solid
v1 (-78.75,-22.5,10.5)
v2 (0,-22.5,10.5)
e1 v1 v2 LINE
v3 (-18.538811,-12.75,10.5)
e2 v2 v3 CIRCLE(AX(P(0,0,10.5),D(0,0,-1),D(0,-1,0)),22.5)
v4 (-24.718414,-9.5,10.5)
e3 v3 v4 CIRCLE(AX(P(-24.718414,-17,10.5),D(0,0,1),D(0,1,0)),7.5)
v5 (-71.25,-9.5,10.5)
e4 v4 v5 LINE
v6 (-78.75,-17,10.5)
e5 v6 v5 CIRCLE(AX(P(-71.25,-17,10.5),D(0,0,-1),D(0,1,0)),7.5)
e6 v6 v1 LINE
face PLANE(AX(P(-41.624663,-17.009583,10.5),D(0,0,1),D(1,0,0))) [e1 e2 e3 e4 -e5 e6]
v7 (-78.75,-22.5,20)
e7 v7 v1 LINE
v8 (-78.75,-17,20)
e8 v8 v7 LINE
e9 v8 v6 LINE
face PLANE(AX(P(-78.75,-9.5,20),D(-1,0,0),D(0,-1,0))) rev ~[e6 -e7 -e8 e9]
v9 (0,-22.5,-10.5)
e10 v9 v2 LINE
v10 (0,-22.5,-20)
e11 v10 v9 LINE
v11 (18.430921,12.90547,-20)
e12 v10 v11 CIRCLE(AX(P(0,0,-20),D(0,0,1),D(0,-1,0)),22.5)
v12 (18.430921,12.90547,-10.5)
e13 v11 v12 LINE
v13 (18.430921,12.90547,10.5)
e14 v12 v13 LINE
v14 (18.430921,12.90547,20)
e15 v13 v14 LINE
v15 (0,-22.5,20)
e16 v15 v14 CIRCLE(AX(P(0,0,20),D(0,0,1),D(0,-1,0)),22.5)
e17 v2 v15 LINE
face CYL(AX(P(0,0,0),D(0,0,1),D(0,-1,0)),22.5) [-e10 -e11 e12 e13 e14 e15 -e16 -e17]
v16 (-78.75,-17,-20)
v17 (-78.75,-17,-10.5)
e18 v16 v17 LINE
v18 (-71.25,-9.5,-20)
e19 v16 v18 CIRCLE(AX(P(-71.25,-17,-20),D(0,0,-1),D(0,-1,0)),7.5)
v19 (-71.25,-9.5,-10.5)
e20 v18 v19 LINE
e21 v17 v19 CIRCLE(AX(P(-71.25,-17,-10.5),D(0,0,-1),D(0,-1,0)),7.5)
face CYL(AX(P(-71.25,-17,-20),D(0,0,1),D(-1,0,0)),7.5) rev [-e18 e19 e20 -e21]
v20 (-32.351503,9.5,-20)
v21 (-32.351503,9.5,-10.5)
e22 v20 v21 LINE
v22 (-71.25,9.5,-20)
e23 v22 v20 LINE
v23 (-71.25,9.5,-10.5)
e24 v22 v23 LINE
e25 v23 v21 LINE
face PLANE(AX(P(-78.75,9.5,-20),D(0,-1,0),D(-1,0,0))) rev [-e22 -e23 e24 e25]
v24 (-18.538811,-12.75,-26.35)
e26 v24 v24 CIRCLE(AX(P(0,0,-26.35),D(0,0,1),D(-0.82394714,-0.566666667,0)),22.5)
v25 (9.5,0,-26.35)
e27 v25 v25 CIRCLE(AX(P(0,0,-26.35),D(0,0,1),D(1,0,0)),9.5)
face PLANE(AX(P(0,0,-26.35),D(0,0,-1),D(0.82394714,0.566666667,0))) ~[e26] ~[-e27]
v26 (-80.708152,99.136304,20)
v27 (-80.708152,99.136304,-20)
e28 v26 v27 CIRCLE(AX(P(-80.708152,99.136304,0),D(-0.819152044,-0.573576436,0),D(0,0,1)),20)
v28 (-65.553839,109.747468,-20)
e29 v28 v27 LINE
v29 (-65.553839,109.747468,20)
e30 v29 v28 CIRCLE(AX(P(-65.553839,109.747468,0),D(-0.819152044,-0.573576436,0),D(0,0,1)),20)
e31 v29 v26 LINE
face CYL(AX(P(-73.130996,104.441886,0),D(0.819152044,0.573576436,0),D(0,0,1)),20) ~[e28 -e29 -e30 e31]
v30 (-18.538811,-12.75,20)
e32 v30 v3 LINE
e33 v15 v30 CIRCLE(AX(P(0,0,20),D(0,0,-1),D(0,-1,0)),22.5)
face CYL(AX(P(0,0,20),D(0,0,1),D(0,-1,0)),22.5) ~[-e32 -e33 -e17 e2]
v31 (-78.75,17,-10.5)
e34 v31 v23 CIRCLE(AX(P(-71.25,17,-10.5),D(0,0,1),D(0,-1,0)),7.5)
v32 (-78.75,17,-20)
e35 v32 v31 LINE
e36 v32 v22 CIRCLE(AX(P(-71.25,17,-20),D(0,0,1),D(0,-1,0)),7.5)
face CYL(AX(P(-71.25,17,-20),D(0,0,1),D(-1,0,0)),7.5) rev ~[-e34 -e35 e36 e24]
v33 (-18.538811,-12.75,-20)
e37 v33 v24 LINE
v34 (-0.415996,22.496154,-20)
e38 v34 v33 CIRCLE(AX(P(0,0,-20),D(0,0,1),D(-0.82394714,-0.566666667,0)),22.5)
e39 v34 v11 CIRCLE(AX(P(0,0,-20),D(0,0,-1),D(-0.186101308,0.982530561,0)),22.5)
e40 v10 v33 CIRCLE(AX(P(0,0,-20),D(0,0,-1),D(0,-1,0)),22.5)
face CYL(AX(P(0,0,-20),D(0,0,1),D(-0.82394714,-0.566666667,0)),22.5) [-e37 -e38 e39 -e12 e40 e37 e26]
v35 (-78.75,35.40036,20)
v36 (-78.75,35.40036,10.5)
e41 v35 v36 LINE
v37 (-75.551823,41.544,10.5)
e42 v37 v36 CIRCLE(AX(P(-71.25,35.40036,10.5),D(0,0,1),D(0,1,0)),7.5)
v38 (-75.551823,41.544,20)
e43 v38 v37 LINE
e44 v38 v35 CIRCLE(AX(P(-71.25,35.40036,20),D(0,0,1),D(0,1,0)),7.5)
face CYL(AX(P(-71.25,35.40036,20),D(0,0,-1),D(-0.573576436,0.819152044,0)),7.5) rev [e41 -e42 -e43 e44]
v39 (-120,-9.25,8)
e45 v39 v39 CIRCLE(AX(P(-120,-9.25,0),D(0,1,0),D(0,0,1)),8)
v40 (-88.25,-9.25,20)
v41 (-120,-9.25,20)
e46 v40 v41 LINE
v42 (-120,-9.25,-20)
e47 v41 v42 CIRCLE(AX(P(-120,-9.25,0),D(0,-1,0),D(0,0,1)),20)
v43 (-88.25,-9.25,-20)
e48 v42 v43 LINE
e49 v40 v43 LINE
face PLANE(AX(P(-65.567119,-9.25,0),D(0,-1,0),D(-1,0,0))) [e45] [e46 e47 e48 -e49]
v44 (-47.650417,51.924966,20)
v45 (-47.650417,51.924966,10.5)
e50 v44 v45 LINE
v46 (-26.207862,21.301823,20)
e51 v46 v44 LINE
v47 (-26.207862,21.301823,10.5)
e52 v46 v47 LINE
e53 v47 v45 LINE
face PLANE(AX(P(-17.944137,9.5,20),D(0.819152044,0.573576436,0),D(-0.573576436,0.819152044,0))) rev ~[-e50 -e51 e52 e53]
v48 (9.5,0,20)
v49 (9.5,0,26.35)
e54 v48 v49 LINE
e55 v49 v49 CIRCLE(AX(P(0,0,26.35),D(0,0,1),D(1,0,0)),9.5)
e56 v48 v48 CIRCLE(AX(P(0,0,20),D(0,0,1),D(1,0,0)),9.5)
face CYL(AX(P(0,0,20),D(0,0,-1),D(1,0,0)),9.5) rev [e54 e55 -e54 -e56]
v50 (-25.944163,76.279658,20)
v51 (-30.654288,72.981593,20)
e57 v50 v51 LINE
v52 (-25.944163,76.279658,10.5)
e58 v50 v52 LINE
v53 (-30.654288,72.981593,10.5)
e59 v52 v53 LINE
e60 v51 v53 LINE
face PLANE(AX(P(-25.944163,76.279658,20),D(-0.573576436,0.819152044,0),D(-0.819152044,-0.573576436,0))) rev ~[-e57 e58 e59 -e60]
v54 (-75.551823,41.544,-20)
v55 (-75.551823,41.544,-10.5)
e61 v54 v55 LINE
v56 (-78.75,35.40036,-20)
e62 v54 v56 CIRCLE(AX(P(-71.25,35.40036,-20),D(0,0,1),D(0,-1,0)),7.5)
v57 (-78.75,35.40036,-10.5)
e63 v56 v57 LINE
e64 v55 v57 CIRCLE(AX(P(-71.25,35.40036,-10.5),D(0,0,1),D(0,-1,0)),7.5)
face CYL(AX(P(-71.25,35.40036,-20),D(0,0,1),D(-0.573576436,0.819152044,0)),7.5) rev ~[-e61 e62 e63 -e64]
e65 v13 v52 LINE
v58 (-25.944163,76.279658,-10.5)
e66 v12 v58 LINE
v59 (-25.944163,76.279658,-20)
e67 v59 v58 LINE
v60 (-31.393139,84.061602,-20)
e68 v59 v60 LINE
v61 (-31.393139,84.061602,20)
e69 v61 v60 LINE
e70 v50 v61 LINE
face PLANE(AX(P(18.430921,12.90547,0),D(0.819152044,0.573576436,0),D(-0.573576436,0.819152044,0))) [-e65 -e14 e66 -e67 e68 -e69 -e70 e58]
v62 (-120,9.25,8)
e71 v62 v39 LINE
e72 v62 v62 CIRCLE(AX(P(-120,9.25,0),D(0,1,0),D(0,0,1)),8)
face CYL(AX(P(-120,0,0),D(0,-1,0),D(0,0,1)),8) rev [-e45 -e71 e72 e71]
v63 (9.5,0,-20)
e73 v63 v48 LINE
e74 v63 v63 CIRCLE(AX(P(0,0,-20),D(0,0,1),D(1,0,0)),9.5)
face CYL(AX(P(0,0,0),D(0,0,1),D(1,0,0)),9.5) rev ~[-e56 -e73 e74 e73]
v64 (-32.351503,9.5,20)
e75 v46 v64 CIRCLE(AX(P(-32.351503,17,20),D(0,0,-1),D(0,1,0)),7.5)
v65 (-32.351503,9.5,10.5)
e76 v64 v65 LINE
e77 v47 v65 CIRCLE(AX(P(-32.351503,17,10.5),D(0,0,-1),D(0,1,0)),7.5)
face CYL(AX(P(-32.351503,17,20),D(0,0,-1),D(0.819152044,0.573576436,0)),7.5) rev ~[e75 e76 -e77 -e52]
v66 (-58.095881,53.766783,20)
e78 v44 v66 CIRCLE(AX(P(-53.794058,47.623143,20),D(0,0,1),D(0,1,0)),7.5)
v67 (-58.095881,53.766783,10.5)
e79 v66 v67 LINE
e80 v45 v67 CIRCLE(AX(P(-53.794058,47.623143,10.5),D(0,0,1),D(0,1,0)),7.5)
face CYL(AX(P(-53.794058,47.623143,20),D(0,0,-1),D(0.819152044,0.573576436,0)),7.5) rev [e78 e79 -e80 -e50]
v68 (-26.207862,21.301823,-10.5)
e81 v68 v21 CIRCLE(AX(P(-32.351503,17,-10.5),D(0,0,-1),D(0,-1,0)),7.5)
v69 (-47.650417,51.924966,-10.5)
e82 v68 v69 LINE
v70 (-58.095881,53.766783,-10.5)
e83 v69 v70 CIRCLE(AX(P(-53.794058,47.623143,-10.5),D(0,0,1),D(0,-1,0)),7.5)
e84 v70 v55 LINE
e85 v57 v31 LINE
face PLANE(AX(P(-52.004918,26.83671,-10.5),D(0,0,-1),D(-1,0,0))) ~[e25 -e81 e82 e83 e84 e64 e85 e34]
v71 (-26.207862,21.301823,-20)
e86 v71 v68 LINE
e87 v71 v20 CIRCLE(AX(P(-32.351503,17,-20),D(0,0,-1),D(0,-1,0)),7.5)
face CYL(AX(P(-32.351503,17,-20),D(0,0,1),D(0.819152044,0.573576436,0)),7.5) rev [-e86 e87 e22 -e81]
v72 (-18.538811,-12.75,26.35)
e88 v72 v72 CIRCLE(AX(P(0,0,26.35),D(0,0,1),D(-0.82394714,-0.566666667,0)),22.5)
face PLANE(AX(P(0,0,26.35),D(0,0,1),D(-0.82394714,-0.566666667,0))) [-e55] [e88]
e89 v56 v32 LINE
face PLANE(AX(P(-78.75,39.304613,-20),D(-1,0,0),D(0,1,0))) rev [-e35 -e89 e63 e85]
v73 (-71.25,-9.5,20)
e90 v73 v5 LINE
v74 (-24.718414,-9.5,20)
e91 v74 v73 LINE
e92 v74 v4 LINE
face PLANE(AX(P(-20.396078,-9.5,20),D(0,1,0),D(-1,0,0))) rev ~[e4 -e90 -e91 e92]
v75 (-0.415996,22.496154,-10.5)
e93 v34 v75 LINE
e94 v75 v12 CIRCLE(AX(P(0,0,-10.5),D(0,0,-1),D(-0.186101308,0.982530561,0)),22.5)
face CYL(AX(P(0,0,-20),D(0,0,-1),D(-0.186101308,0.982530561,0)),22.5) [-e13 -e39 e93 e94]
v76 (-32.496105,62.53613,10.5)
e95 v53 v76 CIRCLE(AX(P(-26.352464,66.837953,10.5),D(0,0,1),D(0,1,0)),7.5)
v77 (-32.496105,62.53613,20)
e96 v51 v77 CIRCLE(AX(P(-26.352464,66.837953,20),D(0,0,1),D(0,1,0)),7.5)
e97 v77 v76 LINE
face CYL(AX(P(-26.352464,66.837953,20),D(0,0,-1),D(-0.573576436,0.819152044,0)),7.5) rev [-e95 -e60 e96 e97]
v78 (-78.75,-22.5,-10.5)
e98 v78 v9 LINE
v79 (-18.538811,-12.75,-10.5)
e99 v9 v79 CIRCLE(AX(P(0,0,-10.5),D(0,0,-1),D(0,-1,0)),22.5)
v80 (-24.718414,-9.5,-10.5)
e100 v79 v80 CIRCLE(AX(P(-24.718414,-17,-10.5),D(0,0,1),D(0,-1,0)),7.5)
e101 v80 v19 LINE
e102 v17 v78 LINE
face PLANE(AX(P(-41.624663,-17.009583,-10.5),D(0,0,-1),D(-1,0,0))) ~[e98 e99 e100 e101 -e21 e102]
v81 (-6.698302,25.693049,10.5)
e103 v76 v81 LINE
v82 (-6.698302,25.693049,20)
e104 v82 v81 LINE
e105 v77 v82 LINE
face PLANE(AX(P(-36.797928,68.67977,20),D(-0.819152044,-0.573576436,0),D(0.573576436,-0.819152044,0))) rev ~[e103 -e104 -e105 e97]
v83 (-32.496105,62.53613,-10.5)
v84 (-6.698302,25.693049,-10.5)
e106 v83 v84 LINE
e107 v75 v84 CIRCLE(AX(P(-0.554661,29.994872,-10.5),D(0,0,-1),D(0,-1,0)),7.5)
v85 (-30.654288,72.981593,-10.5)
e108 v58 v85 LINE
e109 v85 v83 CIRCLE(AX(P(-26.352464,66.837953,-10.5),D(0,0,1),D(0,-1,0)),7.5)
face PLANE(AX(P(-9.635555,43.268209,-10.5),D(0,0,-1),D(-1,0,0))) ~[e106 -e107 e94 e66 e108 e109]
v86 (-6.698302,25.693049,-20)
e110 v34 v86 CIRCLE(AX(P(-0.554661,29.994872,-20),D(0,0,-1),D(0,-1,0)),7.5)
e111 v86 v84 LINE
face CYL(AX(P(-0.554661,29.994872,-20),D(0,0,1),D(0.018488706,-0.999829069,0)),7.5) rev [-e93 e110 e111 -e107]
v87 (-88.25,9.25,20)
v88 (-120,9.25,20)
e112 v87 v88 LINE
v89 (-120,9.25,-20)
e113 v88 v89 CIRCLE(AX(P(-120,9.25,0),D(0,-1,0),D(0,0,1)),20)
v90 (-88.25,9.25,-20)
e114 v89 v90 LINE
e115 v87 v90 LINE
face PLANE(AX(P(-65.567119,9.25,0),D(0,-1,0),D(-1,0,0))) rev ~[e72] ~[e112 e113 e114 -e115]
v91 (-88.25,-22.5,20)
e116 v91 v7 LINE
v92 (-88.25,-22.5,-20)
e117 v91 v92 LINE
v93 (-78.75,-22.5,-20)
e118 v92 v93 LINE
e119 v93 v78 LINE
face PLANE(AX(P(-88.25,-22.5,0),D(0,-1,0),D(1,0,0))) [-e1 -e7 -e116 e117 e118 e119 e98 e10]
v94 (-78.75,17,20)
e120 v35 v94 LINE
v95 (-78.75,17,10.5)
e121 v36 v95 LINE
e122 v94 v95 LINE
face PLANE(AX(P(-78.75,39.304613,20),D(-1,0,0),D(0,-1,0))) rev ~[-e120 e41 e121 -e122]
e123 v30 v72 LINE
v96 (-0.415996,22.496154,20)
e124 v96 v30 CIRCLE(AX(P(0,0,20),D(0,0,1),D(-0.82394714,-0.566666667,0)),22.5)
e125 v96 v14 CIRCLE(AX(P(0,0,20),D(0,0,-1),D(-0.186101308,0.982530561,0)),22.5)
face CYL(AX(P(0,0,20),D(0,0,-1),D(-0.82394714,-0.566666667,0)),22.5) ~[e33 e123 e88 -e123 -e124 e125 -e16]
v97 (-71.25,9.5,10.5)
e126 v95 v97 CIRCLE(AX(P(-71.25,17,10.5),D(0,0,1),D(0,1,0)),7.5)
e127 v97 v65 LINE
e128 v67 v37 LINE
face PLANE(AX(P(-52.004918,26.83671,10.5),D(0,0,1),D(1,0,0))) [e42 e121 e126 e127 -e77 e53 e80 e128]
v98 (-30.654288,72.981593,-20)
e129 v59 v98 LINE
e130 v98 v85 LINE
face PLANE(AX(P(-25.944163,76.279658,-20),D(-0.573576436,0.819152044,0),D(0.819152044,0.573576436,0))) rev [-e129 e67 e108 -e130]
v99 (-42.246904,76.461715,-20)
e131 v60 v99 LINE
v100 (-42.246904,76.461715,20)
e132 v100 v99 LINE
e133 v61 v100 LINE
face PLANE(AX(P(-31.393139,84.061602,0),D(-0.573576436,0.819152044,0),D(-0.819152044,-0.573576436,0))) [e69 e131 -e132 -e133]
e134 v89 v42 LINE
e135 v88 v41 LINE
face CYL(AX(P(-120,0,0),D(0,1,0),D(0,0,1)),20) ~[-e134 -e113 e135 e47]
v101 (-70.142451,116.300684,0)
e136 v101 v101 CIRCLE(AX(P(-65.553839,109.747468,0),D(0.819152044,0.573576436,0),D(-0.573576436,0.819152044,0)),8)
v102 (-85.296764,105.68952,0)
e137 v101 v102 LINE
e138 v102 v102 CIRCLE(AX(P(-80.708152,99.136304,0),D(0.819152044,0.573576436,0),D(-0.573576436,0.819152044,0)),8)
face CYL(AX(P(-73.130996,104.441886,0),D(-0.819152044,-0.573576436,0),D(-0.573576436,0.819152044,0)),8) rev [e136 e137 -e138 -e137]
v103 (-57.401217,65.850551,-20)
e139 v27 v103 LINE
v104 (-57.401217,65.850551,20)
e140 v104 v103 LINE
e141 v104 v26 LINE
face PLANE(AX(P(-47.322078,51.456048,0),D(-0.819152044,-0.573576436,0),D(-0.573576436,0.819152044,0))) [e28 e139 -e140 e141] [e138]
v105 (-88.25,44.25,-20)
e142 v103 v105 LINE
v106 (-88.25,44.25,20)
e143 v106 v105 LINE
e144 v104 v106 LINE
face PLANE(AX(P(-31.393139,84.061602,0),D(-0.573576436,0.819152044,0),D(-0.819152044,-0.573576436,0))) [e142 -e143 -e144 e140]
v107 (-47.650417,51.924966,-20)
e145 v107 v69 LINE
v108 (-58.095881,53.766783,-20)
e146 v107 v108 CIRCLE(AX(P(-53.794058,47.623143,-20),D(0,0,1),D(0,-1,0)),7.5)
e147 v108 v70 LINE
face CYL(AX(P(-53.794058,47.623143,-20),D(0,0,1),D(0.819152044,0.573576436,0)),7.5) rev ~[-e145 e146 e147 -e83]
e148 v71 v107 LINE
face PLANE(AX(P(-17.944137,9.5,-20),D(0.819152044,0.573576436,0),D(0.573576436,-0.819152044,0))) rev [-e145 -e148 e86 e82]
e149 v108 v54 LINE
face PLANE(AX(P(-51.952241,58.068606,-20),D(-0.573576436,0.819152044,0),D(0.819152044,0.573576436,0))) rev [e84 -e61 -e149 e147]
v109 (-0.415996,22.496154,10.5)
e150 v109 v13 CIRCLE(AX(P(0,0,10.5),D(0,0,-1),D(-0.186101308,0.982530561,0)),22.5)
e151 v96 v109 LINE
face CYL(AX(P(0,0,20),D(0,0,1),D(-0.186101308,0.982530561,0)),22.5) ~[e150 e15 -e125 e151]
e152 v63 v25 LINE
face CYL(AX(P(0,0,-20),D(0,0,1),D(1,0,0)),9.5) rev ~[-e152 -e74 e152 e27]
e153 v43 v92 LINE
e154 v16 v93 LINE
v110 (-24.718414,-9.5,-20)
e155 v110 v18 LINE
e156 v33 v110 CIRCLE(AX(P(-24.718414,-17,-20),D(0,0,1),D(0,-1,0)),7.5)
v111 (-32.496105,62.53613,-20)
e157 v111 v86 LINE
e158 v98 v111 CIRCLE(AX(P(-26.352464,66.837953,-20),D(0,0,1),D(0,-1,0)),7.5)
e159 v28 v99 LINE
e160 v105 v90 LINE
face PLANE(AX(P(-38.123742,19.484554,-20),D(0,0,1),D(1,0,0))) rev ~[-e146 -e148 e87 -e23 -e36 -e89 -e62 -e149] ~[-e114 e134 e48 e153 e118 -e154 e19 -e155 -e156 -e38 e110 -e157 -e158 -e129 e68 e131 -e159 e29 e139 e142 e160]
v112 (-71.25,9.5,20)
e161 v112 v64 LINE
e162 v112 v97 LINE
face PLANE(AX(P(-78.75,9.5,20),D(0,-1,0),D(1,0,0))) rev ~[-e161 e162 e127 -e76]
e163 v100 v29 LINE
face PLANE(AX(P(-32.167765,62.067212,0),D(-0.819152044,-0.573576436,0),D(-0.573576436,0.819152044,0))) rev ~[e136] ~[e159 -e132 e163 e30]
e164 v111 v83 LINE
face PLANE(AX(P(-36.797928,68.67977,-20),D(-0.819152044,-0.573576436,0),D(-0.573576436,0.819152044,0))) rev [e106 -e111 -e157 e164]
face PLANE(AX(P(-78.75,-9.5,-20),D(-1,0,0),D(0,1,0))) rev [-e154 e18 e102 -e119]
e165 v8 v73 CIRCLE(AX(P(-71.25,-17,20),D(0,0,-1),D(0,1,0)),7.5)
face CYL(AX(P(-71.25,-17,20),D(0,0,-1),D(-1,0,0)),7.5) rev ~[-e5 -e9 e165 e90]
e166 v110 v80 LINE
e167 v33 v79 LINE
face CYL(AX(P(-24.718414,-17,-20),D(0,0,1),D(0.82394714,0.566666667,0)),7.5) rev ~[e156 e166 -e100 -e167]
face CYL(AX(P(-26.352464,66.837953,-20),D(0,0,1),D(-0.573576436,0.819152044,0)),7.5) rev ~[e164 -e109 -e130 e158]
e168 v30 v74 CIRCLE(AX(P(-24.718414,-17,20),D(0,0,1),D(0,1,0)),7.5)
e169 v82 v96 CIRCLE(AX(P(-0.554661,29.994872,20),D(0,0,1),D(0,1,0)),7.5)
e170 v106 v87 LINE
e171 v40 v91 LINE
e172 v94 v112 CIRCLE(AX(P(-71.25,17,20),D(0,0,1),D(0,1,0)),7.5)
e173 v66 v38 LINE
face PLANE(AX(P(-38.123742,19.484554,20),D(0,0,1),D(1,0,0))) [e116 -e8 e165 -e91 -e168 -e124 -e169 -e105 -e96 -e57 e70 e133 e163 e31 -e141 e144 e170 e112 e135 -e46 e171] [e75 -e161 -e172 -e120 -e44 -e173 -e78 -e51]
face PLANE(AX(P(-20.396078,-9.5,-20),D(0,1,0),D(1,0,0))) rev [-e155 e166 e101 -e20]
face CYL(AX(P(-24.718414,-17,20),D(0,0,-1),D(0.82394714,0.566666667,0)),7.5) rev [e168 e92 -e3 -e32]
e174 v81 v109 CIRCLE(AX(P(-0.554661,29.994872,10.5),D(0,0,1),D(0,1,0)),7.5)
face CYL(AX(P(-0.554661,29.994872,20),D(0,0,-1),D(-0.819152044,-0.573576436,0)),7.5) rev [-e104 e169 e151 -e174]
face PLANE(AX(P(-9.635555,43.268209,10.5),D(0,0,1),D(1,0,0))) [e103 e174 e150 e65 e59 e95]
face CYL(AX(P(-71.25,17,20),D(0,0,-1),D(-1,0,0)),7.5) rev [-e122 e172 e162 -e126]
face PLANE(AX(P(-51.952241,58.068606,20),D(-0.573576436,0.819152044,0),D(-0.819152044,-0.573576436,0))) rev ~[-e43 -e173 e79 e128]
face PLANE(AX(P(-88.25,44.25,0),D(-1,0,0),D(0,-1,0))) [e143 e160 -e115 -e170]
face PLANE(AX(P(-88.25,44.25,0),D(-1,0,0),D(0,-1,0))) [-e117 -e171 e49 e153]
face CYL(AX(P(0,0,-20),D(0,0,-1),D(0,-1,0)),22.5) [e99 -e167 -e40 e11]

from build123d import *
from build123d.topology import SkipClean

# Parameters (mm, degrees)
SKETCH2_R            = 8
BOSS_EXTRUDE1_DEPTH  = 9.25
SKETCH3_R            = 8
BOSS_EXTRUDE2_DEPTH  = 9.25
SKETCH5_R            = 22.5
BOSS_EXTRUDE3_DEPTH  = 20
SKETCH6_R            = 9.5
CUT_EXTRUDE1_DEPTH   = 20
CUT_EXTRUDE3_DEPTH   = 9.5
FILLET1_R            = 7.5
FILLET1_OF_MIRROR1_R = 7.5
SKETCH9_R            = 22.5
SKETCH9_R_2          = 9.5
BOSS_EXTRUDE5_DEPTH  = 6.35


with BuildPart() as part:
    # Sketch2 → Boss-Extrude1 (new, symmetric)
    with BuildSketch(Plane(origin=(0, 0, 0), x_dir=(1, 0, 0), z_dir=(0, 1, 0))):
        with BuildLine():
            Line((0, -20), (-120, -20))
            ThreePointArc((-120, -20), (-140, 0), (-120, 20))
            Line((-120, 20), (0, 20))
            Line((0, 20), (0, -20))
        make_face()
        with Locations(Location((-120, 0, 0), (0, 0, 270))):
            Circle(SKETCH2_R, mode=Mode.SUBTRACT)
    extrude(amount=BOSS_EXTRUDE1_DEPTH, both=True)

    # Sketch3 → Boss-Extrude2 (add, symmetric)
    with BuildSketch(Plane(origin=(0, 0, 0), x_dir=(0.5735764363510444, -0.819152044288993, 0), z_dir=(0.819152044288993, 0.5735764363510444, 0))):
        with BuildLine():
            Line((0, -20), (-127.5, -20))
            ThreePointArc((-127.5, -20), (-147.5, 0), (-127.5, 20))
            Line((-127.5, 20), (0, 20))
            Line((0, 20), (0, -20))
        make_face()
        with Locations(Location((-127.5, 0, 0), (0, 0, 180))):
            Circle(SKETCH3_R, mode=Mode.SUBTRACT)
    extrude(amount=BOSS_EXTRUDE2_DEPTH, both=True)

    # Sketch5 → Boss-Extrude3 (add, symmetric)
    with BuildSketch(Plane.XY):
        with BuildLine():
            Line((-88.25, -22.5), (0, -22.5))
            ThreePointArc((0, -22.5), (-19.957743747, 10.389343798), (18.430920997, 12.905469818))
            Line((18.430920997, 12.905469818), (-31.393139414, 84.061602381))
            Line((-31.393139414, 84.061602381), (-88.25, 44.25))
            Line((-88.25, 44.25), (-88.25, -22.5))
        make_face()
        Circle(SKETCH5_R)
    extrude(amount=BOSS_EXTRUDE3_DEPTH, both=True)

    # Sketch6 → Cut-Extrude1 (cut, symmetric)
    with BuildSketch(Plane.XY):
        Circle(SKETCH6_R)
    extrude(amount=CUT_EXTRUDE1_DEPTH, both=True, mode=Mode.SUBTRACT)

    # Sketch7 → Cut-Extrude3 (cut)
    with BuildSketch(Plane.XY.offset(20)):
        with BuildLine():
            Line((-78.75, -22.5), (0, -22.5))
            ThreePointArc((0, -22.5), (-12.093386622, -18.973665961), (-20.396078054, -9.5))
            Line((-20.396078054, -9.5), (-78.75, -9.5))
            Line((-78.75, -9.5), (-78.75, -22.5))
        make_face()
        with BuildLine():
            Line((-25.944163269, 76.27965796), (-36.797927856, 68.679770179))
            Line((-36.797927856, 68.679770179), (-4.187279424, 22.106937622))
            ThreePointArc((-4.187279424, 22.106937622), (8.47862511, 20.841375105), (18.430920997, 12.905469818))
            Line((18.430920997, 12.905469818), (-25.944163269, 76.27965796))
        make_face()
        Polygon((-17.944136559, 9.5), (-51.952240675, 58.068606106), (-78.75, 39.30461302), (-78.75, 9.5), align=None)
    cut_extrude3 = extrude(amount=-CUT_EXTRUDE3_DEPTH, mode=Mode.SUBTRACT)

    # Fillet1
    fillet1_edges = [part.edges().sort_by_distance(p)[0] for p in [
        (-20.396078054, -9.5, 15.25),
        (-78.75, -9.5, 15.25),
        (-78.75, 39.30461302, 15.25),
        (-51.952240675, 58.068606106, 15.25),
        (-17.944136559, 9.5, 15.25),
        (-78.75, 9.5, 15.25),
        (-4.187279424, 22.106937622, 15.25),
        (-36.797927856, 68.679770179, 15.25),
    ]]
    fillet(fillet1_edges, radius=FILLET1_R)

    # Mirror1: Cut-Extrude3 across plane
    add(cut_extrude3.mirror(Plane.XY), mode=Mode.SUBTRACT)

    # Fillet1 of Mirror1
    fillet1_of_mirror1_edges = [part.edges().sort_by_distance(p)[0] for p in [
        (-20.396078054, -9.5, -15.25),
        (-78.75, -9.5, -15.25),
        (-78.75, 39.30461302, -15.25),
        (-51.952240675, 58.068606106, -15.25),
        (-17.944136559, 9.5, -15.25),
        (-78.75, 9.5, -15.25),
        (-4.187279424, 22.106937622, -15.25),
        (-36.797927856, 68.679770179, -15.25),
    ]]
    fillet(fillet1_of_mirror1_edges, radius=FILLET1_OF_MIRROR1_R)

    # Sketch9 → Boss-Extrude5 (add)
    with SkipClean():  # the faces are left unmerged after this step: merging them gives an invalid solid
        with BuildSketch(Plane.XY.offset(20)):
            with Locations(Location((0, 0, 0), (0, 0, 214.518107841))):
                Circle(SKETCH9_R)
            Circle(SKETCH9_R_2, mode=Mode.SUBTRACT)
        boss_extrude5 = extrude(amount=BOSS_EXTRUDE5_DEPTH)

    # Mirror2: Boss-Extrude5 across plane
    with SkipClean():  # the faces are left unmerged after this step: merging them gives an invalid solid
        add(boss_extrude5.mirror(Plane.XY))


solid = part.part
